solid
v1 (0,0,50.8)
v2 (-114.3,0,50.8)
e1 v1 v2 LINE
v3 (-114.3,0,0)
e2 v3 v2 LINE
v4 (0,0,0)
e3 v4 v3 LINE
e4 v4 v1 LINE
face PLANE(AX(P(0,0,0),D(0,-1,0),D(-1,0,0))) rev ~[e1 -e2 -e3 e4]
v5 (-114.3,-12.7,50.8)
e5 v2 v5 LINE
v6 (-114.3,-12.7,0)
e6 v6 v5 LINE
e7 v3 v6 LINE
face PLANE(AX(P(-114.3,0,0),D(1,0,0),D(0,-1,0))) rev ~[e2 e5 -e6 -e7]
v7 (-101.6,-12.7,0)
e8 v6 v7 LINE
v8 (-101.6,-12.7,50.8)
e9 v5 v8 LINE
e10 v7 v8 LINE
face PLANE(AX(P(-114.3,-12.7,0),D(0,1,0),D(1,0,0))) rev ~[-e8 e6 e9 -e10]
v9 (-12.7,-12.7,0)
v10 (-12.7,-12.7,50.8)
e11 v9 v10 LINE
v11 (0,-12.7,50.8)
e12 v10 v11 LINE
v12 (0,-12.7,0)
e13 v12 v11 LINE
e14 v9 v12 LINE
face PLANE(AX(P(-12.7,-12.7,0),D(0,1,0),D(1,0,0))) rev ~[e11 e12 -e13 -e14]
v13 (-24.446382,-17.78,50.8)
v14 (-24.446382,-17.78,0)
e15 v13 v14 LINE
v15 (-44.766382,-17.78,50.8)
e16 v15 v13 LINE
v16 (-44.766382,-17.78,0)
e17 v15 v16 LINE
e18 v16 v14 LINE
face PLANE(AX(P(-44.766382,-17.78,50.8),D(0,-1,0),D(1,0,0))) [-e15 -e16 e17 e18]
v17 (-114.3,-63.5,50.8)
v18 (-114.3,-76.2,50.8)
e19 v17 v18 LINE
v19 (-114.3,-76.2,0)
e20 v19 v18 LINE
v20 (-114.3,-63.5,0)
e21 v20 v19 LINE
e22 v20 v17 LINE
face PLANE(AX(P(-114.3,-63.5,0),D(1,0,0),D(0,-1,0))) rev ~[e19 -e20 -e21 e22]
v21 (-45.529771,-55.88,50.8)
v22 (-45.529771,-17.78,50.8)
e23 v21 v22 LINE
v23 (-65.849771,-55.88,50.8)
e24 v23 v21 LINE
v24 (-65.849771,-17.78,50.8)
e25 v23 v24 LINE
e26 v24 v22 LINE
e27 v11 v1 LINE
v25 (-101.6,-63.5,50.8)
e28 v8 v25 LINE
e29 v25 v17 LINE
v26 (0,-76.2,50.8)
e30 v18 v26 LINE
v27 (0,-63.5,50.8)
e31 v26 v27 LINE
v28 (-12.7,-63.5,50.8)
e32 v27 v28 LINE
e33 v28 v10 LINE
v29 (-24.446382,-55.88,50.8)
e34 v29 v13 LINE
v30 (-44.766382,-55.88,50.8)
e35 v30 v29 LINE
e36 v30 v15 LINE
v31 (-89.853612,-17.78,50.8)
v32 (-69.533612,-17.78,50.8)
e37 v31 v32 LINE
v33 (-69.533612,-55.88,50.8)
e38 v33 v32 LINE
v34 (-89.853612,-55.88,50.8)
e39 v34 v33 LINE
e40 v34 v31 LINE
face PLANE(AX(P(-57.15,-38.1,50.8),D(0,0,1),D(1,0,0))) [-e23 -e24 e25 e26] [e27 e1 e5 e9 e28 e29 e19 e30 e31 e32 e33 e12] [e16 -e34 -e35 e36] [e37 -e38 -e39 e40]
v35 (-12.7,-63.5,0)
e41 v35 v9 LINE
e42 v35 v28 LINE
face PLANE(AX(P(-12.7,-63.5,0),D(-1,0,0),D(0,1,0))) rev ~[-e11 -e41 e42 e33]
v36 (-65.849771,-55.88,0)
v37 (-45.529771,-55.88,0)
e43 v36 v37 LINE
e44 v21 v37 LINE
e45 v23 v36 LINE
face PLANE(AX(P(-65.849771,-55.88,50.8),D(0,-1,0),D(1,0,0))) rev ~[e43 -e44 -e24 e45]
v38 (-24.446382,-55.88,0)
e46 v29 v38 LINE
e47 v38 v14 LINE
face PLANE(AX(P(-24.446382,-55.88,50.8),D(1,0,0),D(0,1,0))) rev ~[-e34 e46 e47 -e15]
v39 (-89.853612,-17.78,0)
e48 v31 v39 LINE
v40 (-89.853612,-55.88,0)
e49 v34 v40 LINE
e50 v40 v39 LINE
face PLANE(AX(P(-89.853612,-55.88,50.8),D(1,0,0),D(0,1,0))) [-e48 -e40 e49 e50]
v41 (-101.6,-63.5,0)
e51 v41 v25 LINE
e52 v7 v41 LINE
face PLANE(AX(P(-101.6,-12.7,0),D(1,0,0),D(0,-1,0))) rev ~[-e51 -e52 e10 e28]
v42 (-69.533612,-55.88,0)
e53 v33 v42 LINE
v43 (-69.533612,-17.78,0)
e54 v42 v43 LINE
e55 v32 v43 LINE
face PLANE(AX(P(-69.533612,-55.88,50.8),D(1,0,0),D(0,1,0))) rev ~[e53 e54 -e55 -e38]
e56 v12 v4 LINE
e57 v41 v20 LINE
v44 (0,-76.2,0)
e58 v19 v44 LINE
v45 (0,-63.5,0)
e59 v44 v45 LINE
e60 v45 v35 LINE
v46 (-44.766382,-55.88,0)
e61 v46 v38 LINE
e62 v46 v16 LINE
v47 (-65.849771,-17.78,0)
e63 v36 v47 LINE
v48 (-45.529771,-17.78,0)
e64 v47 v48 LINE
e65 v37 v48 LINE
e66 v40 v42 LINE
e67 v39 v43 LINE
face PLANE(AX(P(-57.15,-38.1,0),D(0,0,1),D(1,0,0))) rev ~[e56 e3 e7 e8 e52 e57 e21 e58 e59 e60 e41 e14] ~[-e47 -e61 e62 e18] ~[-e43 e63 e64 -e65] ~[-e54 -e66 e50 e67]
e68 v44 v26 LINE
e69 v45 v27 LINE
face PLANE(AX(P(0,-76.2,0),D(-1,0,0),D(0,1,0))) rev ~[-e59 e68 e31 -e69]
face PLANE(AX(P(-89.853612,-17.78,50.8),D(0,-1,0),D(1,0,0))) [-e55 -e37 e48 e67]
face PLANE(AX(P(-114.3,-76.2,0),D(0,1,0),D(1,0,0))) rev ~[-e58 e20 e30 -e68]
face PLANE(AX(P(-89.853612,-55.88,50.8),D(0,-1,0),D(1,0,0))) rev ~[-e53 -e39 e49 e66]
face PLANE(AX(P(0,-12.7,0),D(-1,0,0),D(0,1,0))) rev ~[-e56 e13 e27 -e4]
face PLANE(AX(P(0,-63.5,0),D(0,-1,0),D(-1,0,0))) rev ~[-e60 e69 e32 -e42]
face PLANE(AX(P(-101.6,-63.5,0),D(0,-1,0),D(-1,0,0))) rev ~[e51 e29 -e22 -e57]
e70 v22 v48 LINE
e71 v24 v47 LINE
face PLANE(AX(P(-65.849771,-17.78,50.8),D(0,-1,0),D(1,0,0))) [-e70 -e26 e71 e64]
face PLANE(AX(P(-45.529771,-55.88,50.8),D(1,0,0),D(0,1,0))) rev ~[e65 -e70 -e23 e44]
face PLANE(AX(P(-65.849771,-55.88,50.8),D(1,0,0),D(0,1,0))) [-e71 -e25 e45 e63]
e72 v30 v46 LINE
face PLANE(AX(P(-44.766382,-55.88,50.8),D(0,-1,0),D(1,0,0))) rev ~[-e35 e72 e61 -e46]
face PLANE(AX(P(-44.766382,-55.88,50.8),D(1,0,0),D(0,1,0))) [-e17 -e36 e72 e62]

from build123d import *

# Parameters (mm, degrees)
F1_DEPTH = 50.8
F2_W     = 20.32
F2_H     = 38.1
F3_DEPTH = 50.8


with BuildPart() as f1:
    # F0 (on Top) → F1 (new body)
    with BuildSketch(Plane.XY):
        Polygon((0, 0), (-114.3, 0), (-114.3, -12.7), (-101.6, -12.7), (-101.6, -63.5), (-114.3, -63.5), (-114.3, -76.2), (0, -76.2), (0, -63.5), (-12.7, -63.5), (-12.7, -12.7), (0, -12.7), align=None)
    extrude(amount=F1_DEPTH)

    # F2 (on face) → F3 (cut)
    with BuildSketch(Plane.XY.offset(50.8)):
        with Locations((-34.606382, -36.83)):
            Rectangle(F2_W, F2_H)
        with Locations((-55.689771, -36.83)):
            Rectangle(F2_W, F2_H)
        with Locations((-79.693612, -36.83)):
            Rectangle(F2_W, F2_H)
    extrude(amount=-F3_DEPTH, mode=Mode.SUBTRACT)


solid = f1.part
